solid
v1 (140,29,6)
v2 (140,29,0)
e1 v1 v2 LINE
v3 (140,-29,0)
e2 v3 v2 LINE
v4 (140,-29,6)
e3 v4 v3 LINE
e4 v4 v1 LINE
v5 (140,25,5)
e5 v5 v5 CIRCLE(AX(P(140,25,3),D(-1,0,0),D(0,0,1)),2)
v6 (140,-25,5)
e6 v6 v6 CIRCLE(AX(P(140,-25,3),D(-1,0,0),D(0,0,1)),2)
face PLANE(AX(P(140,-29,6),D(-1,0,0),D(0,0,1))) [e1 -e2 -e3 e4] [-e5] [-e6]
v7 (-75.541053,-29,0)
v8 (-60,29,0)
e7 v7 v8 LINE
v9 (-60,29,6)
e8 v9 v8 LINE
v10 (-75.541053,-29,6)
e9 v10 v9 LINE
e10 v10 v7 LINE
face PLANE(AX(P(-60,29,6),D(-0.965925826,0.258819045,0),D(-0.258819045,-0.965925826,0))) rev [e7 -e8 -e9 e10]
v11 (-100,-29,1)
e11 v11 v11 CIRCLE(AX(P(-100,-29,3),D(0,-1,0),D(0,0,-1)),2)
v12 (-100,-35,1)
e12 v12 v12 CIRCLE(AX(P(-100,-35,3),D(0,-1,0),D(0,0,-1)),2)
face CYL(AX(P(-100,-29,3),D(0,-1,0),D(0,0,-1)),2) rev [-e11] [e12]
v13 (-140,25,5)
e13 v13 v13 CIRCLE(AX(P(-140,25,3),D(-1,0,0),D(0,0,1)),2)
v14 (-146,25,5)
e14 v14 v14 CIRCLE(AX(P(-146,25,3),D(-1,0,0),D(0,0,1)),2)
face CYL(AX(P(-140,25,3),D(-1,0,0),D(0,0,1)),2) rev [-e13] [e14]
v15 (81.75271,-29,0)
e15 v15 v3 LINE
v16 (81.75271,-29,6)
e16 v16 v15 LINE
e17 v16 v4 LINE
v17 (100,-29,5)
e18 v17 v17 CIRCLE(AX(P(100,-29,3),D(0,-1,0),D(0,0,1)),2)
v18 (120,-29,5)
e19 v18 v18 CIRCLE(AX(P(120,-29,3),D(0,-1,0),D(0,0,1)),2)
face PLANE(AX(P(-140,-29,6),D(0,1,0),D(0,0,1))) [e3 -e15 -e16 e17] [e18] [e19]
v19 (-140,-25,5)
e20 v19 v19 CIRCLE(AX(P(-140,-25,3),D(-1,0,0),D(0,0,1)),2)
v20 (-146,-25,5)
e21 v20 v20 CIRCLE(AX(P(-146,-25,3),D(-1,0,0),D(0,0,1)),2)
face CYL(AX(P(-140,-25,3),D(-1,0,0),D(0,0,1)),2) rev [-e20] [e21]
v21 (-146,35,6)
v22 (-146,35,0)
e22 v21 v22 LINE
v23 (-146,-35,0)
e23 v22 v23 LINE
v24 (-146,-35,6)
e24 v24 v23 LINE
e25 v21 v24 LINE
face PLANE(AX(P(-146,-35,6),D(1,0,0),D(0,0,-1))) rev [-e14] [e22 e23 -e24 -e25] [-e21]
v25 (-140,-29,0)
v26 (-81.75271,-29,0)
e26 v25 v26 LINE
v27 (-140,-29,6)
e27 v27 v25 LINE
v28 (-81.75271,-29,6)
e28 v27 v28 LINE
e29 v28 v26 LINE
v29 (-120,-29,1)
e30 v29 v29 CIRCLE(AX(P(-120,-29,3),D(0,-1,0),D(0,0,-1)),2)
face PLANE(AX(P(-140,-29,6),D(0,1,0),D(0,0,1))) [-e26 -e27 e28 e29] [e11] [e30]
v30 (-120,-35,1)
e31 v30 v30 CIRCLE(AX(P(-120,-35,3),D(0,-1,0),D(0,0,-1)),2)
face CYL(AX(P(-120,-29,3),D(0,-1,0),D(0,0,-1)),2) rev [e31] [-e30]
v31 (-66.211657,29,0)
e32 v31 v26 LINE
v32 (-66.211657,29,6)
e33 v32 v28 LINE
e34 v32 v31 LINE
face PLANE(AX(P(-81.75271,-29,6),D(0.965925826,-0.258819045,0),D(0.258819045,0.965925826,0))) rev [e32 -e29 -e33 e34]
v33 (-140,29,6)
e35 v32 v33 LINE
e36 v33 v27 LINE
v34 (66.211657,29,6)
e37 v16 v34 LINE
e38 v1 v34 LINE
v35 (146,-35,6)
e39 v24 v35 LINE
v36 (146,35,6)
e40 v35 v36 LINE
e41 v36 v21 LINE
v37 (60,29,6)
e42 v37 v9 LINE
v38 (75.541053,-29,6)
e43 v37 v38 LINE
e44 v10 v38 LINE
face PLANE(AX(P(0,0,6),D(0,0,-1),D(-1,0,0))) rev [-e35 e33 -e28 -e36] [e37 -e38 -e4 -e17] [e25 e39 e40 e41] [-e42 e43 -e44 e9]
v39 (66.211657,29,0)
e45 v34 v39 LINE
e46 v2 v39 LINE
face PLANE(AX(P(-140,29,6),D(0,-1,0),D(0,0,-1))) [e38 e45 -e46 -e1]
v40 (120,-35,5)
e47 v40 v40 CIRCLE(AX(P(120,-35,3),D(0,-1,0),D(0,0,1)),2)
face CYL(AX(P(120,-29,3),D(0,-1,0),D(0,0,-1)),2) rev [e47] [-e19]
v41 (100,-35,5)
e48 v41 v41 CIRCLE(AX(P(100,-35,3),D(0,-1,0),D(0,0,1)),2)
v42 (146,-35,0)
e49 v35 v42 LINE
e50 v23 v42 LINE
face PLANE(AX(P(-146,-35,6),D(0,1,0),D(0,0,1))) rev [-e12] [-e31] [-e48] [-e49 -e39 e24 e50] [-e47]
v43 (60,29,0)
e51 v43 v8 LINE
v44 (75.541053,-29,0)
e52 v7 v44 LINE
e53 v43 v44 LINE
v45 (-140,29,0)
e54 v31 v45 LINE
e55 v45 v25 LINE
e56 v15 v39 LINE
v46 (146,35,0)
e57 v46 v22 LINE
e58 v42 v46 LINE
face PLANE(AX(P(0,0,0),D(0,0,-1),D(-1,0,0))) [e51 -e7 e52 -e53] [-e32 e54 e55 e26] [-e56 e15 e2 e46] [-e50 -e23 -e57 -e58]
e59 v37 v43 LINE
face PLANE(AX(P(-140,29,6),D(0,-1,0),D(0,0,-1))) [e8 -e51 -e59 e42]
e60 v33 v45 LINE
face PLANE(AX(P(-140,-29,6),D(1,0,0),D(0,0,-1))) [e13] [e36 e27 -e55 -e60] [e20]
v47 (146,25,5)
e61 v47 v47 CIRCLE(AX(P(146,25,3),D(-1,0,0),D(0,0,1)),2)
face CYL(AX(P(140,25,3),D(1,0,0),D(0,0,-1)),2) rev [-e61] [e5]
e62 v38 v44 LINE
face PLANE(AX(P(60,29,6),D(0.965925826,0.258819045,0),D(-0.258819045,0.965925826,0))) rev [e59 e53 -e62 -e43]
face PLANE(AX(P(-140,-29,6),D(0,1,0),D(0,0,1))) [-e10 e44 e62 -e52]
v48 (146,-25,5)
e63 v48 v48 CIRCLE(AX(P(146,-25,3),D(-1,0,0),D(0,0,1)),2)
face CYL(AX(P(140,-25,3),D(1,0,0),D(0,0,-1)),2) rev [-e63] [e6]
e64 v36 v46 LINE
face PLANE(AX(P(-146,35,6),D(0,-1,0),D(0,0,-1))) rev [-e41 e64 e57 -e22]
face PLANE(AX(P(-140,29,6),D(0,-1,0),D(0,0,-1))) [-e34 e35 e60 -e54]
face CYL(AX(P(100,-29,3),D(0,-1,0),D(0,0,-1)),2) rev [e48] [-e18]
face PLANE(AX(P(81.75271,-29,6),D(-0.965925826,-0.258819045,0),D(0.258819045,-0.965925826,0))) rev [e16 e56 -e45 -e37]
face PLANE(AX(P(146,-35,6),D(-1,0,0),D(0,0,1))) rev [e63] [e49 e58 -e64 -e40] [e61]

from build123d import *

# Parameters (mm, degrees)
SKETCH_1_W          = 292
SKETCH_1_H          = 70
SKETCH_1_W_2        = 280
SKETCH_1_H_2        = 58
EXTRUDE_1_DEPTH     = 6
EXTRUDE_2_DEPTH     = 6
SKETCH_3_R          = 2
CUT_EXTRUDE_1_DEPTH = 6
SKETCH_4_R          = 2
CUT_EXTRUDE_2_DEPTH = 6


with BuildPart() as part:
    # 草图1 → 凸台-拉伸1 (new body)
    with BuildSketch(Plane.XY):
        Rectangle(SKETCH_1_W, SKETCH_1_H)
        Rectangle(SKETCH_1_W_2, SKETCH_1_H_2, mode=Mode.SUBTRACT)
    extrude(amount=EXTRUDE_1_DEPTH)

    # 草图2 → 凸台-拉伸2 (add)
    with BuildSketch(Plane.XY):
        Polygon((-78.646881702, -29), (-81.752710243, -29), (-66.211657082, 29), (-60, 29), (-75.541053161, -29), align=None)
        Polygon((75.541053161, -29), (78.646881702, -29), (81.752710243, -29), (66.211657082, 29), (60, 29), align=None)
    extrude(amount=EXTRUDE_2_DEPTH)

    # 草图3 → 切除-拉伸1 (cut)
    with BuildSketch(Plane.ZY.offset(146)):
        with Locations((3, 25)):
            Circle(SKETCH_3_R)
        with Locations((3, -25)):
            Circle(SKETCH_3_R)
    cut_extrude_1 = extrude(amount=-CUT_EXTRUDE_1_DEPTH, mode=Mode.SUBTRACT)

    # 镜向1: 切除-拉伸1 across plane
    add(cut_extrude_1.mirror(Plane(origin=(0, 0, 0), x_dir=(0, 0, 1), z_dir=(1, 0, 0))), mode=Mode.SUBTRACT)

    # 草图4 → 切除-拉伸2 (cut)
    with BuildSketch(Plane.XZ.offset(35)):
        with Locations(Location((-120, 3, 0), (0, 0, 270))):
            Circle(SKETCH_4_R)
        with Locations(Location((-100, 3, 0), (0, 0, 270))):
            Circle(SKETCH_4_R)
        with Locations(Location((120, 3, 0), (0, 0, 90))):
            Circle(SKETCH_4_R)
        with Locations(Location((100, 3, 0), (0, 0, 90))):
            Circle(SKETCH_4_R)
    extrude(amount=-CUT_EXTRUDE_2_DEPTH, mode=Mode.SUBTRACT)


solid = part.part
